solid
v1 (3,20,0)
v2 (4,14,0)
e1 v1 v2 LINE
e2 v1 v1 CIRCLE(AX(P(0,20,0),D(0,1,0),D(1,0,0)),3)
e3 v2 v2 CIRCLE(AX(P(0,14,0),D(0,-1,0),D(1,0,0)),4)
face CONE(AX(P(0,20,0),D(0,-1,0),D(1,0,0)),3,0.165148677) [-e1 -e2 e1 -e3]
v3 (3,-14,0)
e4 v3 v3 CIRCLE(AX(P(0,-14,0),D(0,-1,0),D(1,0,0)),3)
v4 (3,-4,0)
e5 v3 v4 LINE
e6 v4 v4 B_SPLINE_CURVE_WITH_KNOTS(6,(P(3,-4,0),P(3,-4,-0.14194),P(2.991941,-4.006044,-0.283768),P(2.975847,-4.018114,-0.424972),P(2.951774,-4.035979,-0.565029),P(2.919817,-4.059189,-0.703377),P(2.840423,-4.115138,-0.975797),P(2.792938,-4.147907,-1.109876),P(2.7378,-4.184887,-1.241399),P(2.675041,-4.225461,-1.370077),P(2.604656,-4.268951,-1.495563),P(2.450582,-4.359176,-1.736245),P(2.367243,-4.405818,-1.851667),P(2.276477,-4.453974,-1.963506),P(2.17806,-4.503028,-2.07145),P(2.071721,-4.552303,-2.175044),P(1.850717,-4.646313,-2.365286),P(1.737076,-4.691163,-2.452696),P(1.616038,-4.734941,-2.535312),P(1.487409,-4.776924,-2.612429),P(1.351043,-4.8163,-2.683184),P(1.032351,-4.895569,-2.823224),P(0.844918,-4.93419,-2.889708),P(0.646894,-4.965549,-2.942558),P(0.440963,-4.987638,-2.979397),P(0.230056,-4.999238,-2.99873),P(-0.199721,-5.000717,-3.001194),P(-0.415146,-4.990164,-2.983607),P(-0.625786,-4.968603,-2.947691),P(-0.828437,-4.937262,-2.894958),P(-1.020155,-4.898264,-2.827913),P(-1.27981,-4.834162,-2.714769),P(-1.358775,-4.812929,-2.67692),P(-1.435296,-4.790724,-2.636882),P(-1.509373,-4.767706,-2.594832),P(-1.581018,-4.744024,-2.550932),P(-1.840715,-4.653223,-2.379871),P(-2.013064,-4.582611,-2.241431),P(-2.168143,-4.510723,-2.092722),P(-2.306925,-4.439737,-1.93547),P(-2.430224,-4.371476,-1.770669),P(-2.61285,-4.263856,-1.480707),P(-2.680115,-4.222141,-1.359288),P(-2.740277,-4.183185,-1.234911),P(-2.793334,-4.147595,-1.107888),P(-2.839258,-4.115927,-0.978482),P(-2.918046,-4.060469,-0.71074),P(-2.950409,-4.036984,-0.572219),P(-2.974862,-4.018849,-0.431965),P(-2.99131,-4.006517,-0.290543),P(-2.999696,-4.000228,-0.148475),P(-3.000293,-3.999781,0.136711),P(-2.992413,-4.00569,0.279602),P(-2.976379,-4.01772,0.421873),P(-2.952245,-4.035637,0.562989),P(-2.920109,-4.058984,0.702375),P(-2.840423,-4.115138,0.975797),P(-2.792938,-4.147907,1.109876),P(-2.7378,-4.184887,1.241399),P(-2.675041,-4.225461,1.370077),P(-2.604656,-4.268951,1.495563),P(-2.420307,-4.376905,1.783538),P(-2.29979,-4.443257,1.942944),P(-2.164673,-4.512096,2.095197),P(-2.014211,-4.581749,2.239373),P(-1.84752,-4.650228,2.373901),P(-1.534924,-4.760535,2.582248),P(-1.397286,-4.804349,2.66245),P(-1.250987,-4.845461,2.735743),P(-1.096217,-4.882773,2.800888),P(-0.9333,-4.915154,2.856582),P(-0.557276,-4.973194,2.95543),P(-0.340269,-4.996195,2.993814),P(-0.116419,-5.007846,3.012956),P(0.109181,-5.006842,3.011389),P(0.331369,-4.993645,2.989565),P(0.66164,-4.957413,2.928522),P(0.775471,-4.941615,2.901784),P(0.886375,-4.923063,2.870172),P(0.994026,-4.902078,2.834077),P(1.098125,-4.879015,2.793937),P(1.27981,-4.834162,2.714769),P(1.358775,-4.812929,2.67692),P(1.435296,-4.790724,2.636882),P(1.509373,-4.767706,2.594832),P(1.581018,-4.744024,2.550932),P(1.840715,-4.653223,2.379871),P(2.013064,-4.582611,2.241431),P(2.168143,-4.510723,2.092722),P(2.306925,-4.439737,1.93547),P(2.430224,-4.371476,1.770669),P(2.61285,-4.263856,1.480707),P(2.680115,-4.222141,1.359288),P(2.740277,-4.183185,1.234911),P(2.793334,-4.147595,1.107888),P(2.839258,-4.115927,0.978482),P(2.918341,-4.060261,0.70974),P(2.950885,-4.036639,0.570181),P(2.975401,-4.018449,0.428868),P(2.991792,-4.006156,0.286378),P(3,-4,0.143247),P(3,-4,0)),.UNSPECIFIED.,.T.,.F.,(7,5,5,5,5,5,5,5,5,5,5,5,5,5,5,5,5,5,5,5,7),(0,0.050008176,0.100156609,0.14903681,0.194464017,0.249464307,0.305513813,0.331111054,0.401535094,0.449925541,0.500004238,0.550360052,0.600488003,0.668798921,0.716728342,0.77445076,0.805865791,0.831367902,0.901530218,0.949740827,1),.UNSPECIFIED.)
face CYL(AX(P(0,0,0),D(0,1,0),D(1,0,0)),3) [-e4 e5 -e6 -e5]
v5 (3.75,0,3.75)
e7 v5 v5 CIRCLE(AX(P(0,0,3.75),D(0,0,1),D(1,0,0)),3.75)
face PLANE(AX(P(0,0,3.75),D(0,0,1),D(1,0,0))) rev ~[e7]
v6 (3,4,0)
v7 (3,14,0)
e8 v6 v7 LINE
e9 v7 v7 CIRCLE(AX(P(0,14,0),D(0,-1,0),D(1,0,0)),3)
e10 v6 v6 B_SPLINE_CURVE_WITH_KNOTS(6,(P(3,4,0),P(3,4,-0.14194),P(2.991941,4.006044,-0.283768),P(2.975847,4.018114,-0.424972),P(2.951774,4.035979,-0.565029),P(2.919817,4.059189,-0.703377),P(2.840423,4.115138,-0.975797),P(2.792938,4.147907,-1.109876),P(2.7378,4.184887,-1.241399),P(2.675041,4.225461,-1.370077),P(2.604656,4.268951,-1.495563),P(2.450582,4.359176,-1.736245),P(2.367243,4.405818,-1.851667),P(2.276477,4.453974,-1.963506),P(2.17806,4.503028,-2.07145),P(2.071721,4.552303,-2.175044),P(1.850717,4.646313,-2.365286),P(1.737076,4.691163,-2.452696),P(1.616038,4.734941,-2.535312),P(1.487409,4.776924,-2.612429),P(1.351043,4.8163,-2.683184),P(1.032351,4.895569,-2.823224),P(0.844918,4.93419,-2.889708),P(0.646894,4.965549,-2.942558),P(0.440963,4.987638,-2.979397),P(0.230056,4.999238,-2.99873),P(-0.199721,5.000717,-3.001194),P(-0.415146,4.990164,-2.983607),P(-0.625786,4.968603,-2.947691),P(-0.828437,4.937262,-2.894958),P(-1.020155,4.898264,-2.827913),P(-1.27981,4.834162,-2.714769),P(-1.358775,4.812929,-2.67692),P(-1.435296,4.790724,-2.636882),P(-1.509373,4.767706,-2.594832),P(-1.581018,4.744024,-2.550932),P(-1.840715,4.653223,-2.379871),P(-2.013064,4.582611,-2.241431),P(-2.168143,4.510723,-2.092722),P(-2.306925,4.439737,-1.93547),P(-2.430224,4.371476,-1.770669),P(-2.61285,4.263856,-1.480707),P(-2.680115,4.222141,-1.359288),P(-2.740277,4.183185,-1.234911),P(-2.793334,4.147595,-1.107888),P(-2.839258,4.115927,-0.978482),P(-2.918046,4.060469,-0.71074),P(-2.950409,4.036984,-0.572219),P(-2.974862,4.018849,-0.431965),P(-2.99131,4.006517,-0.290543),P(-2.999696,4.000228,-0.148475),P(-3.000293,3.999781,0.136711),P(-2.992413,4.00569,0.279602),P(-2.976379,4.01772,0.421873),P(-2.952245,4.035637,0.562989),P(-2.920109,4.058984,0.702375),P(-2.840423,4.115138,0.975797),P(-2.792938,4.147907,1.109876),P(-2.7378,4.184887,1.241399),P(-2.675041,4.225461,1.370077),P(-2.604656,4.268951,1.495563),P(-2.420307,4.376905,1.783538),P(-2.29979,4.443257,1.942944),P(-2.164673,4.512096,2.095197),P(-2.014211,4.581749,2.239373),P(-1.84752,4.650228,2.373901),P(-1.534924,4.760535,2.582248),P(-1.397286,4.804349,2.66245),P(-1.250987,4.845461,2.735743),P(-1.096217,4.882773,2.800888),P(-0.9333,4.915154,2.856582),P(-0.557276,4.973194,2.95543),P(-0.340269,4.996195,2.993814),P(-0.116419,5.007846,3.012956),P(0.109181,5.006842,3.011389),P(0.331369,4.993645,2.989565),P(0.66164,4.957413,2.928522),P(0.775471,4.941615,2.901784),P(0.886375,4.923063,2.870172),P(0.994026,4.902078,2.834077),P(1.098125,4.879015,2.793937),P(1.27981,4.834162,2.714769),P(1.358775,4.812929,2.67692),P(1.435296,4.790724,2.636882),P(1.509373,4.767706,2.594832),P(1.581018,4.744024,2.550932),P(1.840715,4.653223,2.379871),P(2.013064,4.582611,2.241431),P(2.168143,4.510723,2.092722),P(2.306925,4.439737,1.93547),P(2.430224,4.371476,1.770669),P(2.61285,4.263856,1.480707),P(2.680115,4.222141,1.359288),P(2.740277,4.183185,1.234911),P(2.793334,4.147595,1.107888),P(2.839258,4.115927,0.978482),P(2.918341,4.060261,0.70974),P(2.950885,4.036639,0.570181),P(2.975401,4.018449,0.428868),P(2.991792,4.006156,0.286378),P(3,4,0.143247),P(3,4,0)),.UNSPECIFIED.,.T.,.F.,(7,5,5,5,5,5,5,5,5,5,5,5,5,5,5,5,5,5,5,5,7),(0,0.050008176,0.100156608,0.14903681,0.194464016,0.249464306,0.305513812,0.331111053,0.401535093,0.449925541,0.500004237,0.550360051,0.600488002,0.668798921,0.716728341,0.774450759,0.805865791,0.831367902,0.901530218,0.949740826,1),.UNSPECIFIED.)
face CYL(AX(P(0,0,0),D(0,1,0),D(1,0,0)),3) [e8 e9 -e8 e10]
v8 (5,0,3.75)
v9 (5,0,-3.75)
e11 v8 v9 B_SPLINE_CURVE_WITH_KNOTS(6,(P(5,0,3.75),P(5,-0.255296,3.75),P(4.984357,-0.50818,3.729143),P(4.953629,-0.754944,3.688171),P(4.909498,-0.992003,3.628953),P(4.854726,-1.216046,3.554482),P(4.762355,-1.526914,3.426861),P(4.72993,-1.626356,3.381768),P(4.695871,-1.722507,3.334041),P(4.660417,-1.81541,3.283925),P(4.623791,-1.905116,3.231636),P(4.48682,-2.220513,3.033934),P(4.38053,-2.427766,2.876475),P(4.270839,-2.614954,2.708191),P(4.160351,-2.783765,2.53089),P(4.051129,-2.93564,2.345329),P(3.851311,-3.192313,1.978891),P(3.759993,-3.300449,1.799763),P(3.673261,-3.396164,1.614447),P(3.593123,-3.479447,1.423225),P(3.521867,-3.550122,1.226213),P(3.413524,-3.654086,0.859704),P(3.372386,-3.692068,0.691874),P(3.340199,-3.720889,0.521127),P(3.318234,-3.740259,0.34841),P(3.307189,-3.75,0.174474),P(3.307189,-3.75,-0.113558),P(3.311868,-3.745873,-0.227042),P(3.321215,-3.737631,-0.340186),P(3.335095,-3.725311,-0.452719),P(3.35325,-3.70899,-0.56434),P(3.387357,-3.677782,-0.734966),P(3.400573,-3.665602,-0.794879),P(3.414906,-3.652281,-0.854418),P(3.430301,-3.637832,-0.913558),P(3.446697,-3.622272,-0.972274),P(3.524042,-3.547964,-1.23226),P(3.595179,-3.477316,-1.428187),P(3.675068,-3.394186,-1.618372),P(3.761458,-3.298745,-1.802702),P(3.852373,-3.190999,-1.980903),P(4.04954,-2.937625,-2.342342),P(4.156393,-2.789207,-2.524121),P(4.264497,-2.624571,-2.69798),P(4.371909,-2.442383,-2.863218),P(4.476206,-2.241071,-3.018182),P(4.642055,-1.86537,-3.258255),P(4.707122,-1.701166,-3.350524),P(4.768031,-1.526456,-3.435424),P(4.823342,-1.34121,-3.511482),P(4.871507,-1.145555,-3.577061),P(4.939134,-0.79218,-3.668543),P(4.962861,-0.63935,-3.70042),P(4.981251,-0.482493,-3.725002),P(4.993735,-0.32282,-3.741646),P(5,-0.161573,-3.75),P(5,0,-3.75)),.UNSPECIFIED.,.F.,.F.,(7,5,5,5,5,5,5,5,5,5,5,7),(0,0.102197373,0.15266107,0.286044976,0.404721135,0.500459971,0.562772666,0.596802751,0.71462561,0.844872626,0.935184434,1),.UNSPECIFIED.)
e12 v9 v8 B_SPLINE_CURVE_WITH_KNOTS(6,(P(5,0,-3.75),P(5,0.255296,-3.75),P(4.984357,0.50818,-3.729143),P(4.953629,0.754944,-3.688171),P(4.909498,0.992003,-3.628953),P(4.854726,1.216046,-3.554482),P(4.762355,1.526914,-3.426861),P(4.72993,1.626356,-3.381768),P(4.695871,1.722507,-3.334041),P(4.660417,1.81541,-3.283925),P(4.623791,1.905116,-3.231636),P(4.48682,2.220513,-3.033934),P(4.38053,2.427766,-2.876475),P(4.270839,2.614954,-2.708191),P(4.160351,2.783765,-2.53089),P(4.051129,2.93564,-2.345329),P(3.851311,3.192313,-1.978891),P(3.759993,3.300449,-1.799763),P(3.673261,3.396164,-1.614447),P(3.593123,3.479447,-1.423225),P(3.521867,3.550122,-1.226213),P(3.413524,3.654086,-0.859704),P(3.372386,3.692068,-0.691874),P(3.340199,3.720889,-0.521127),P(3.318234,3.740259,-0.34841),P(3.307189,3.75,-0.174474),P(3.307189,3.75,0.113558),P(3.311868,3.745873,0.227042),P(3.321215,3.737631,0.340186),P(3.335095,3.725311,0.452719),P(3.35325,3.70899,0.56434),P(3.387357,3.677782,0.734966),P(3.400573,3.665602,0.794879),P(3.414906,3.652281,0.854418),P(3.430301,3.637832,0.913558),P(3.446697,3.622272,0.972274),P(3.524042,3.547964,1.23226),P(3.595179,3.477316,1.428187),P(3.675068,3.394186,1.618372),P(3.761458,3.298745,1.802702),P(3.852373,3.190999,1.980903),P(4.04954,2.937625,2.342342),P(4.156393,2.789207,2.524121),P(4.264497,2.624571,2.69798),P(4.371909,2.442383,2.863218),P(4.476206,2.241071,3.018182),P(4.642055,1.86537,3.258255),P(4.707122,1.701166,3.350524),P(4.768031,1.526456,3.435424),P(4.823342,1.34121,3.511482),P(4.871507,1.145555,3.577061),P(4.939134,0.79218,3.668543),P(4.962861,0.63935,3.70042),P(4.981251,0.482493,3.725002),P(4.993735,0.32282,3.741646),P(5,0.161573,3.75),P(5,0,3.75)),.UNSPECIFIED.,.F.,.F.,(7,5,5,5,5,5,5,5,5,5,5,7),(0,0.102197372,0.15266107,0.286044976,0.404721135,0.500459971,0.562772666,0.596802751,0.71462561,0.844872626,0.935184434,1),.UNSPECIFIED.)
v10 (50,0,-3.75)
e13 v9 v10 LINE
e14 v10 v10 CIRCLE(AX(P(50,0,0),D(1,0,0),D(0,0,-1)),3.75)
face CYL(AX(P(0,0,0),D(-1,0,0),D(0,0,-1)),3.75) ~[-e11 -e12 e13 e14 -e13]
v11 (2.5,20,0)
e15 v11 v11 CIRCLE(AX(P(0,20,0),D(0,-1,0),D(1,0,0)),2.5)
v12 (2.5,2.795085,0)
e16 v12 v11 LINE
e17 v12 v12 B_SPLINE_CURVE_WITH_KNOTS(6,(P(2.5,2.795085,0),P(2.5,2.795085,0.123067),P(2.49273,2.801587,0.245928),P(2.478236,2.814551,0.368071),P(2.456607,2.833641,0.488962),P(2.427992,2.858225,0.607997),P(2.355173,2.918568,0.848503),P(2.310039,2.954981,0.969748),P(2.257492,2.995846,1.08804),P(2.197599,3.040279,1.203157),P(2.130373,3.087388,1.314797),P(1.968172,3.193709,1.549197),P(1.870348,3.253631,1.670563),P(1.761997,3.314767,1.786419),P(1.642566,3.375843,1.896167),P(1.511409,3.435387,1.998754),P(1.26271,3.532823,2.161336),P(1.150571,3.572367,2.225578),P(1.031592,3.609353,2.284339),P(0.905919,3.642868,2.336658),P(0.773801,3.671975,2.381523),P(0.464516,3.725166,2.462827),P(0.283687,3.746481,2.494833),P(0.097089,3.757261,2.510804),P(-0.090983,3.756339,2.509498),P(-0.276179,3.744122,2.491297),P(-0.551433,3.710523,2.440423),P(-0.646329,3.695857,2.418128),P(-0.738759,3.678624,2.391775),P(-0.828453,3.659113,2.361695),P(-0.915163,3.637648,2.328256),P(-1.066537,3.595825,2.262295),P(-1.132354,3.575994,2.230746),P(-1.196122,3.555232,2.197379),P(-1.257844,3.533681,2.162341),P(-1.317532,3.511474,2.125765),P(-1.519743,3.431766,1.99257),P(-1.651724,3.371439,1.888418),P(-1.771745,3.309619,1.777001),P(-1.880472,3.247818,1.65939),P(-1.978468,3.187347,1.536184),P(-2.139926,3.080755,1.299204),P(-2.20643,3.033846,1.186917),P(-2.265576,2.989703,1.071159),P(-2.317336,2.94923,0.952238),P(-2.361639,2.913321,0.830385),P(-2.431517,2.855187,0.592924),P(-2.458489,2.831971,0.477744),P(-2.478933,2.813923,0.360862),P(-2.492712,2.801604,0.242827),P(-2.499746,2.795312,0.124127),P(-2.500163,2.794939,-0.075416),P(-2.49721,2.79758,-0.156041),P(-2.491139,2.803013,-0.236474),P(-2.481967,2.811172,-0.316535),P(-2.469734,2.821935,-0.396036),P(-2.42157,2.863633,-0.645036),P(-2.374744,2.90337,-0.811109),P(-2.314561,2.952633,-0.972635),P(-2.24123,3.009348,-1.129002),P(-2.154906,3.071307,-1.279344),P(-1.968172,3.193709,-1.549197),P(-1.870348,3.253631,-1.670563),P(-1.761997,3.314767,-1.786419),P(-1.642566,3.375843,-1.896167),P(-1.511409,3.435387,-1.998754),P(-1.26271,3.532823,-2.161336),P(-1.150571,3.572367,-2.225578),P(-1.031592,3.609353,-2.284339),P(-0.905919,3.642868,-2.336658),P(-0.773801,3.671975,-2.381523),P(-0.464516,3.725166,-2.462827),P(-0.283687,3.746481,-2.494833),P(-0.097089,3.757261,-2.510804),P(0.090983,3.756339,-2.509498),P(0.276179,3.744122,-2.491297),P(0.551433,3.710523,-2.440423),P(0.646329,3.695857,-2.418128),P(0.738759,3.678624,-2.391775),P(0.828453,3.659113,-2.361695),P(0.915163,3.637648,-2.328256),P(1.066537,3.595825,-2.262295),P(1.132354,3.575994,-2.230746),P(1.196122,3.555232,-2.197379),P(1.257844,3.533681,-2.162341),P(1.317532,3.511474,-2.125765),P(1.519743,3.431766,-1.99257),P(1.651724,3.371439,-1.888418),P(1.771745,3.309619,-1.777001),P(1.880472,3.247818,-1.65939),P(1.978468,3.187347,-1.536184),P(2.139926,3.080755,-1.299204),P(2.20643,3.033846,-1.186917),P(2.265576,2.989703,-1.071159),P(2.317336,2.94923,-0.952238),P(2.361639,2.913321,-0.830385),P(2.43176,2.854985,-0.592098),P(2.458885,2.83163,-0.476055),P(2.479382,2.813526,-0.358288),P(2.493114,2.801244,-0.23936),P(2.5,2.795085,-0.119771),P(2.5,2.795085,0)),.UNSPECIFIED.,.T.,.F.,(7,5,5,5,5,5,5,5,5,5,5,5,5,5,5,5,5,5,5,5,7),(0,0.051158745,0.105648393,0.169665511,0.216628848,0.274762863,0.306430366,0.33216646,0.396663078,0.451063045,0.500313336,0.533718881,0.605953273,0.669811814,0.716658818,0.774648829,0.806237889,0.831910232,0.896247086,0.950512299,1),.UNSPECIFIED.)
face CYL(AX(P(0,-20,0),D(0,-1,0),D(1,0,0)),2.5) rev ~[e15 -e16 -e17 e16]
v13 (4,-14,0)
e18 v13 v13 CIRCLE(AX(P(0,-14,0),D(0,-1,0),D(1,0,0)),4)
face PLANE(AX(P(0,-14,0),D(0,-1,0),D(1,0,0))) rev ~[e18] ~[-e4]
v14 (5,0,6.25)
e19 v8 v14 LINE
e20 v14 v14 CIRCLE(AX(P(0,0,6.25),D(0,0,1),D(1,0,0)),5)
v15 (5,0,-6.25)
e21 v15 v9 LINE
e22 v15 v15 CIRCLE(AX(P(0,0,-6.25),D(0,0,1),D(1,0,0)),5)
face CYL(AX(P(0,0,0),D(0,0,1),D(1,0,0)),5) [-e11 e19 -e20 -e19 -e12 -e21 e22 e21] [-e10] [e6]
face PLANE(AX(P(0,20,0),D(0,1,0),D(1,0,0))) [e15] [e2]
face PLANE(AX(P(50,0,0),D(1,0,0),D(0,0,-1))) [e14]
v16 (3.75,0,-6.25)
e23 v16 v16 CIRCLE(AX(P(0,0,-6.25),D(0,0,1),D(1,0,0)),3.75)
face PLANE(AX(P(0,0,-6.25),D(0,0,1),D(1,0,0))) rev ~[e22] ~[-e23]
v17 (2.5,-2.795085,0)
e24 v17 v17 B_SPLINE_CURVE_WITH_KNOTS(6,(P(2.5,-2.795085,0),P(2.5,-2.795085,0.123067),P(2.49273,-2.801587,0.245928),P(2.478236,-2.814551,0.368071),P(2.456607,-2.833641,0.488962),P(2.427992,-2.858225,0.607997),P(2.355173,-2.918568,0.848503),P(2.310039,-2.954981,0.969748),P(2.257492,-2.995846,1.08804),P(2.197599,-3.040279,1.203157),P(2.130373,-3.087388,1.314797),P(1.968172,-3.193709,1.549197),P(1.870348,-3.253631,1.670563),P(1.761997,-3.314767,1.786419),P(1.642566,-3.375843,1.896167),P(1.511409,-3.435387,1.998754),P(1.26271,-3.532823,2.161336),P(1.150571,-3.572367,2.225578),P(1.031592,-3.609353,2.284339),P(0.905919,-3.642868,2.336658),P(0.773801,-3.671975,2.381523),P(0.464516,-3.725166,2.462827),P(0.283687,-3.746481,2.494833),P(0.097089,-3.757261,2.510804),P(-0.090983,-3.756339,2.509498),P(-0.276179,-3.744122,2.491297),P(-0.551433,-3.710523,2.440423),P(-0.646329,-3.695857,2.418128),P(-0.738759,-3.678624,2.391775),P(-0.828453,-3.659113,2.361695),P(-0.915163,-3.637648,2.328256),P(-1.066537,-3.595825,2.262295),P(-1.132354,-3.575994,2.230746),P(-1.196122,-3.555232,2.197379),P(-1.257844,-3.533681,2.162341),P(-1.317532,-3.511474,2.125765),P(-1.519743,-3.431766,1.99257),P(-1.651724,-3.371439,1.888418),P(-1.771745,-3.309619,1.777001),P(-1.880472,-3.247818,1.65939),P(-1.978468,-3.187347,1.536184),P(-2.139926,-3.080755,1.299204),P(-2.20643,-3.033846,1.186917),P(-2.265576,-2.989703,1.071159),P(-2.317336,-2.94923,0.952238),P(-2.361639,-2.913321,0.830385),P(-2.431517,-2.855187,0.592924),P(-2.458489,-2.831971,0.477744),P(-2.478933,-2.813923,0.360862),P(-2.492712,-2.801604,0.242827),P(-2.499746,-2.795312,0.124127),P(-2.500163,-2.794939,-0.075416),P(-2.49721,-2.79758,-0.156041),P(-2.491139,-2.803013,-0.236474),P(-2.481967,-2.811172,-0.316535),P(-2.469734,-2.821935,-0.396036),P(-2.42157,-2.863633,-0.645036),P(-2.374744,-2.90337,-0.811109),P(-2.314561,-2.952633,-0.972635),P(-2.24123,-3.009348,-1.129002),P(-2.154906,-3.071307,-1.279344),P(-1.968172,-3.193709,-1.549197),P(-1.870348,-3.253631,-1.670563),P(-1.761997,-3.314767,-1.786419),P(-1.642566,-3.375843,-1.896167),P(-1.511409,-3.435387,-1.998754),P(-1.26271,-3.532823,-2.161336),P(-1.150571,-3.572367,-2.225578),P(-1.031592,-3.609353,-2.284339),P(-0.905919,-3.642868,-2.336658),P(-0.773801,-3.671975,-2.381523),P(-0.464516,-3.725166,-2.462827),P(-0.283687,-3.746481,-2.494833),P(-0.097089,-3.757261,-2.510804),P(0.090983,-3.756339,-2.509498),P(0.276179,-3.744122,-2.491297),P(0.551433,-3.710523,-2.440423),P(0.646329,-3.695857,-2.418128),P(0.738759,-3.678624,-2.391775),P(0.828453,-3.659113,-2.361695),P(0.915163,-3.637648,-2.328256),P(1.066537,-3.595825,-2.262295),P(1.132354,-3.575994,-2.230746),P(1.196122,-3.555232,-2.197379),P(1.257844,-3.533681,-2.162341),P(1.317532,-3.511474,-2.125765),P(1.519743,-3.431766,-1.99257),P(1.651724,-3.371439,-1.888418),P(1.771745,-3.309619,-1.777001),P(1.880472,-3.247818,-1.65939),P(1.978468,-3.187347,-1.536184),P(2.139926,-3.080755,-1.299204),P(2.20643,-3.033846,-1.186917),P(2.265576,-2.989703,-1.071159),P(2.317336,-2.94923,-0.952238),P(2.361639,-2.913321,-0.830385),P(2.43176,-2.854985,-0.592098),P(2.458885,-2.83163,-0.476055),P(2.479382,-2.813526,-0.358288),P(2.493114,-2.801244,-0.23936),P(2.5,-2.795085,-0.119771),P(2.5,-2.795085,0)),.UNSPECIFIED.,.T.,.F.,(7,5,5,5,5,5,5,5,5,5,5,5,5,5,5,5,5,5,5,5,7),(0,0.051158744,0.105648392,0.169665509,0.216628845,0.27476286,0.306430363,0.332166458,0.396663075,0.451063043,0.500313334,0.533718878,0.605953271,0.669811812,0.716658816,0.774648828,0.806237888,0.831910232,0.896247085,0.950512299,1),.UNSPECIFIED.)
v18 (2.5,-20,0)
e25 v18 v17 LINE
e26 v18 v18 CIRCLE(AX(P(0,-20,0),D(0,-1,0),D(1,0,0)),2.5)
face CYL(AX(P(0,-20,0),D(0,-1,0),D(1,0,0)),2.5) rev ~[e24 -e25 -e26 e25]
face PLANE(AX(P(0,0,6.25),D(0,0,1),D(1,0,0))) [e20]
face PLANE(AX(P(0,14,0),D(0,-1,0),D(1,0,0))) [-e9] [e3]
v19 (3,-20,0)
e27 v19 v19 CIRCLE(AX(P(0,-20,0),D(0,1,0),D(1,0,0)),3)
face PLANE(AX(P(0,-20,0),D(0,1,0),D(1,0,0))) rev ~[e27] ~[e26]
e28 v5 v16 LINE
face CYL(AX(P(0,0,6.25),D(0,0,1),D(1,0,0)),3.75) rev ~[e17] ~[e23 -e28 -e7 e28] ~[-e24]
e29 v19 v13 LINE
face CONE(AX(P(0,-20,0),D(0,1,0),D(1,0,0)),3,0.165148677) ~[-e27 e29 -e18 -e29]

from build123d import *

# Parameters (mm, degrees)
SKETCH1_R           = 5
BOSS_EXTRUDE1_DEPTH = 6.25
SKETCH2_R           = 3
BOSS_EXTRUDE2_DEPTH = 20
SKETCH3_R           = 3.75
BOSS_EXTRUDE3_DEPTH = 50
SKETCH4_R           = 2.5
CUT_EXTRUDE1_DEPTH  = 40
CUT_EXTRUDE2_REACH  = 14.5
SKETCH5_R           = 3.75
SKETCH7_R           = 5
BOSS_EXTRUDE4_DEPTH = 2.5


with BuildPart() as part:
    # Sketch1 → Boss-Extrude1 (new body, symmetric)
    with BuildSketch(Plane.XY):
        Circle(SKETCH1_R)
    extrude(amount=BOSS_EXTRUDE1_DEPTH, both=True)

    # Sketch2 → Boss-Extrude2 (add, symmetric)
    with BuildSketch(Plane(origin=(0, 0, 0), x_dir=(1, 0, 0), z_dir=(0, 1, 0))):
        Circle(SKETCH2_R)
    extrude(amount=BOSS_EXTRUDE2_DEPTH, both=True)

    # Sketch3 → Boss-Extrude3 (add)
    with BuildSketch(Plane(origin=(0, 0, 0), x_dir=(0, 0, -1), z_dir=(1, 0, 0))):
        Circle(SKETCH3_R)
    extrude(amount=BOSS_EXTRUDE3_DEPTH)

    # Sketch4 → Cut-Extrude1 (cut)
    with BuildSketch(Plane.XZ.offset(20)):
        Circle(SKETCH4_R)
    extrude(amount=-CUT_EXTRUDE1_DEPTH, mode=Mode.SUBTRACT)

    # Sketch5 → Cut-Extrude2 (cut, up to next)
    with BuildSketch(Plane.XY.offset(6.25), mode=Mode.PRIVATE) as cut_extrude2_sk1:
        Circle(SKETCH5_R)
    cut_extrude2_tool1 = extrude(cut_extrude2_sk1.sketch, amount=-CUT_EXTRUDE2_REACH, mode=Mode.PRIVATE) & part.part
    add(cut_extrude2_tool1.solids().sort_by_distance((0, 0, 6.25))[0], mode=Mode.SUBTRACT)

    # Sketch6 → Revolve1 (revolve)
    with BuildSketch(Plane.XY):
        Polygon((3, 14), (3, 20), (4, 14), align=None)
        Polygon((3, -20), (4, -14), (3, -14), align=None)
    revolve(axis=Axis((0, 20, 0), (0, -1, 0)))

    # Sketch7 → Boss-Extrude4 (add)
    with BuildSketch(Plane.XY.offset(6.25)):
        Circle(SKETCH7_R)
    extrude(amount=-BOSS_EXTRUDE4_DEPTH)


solid = part.part
